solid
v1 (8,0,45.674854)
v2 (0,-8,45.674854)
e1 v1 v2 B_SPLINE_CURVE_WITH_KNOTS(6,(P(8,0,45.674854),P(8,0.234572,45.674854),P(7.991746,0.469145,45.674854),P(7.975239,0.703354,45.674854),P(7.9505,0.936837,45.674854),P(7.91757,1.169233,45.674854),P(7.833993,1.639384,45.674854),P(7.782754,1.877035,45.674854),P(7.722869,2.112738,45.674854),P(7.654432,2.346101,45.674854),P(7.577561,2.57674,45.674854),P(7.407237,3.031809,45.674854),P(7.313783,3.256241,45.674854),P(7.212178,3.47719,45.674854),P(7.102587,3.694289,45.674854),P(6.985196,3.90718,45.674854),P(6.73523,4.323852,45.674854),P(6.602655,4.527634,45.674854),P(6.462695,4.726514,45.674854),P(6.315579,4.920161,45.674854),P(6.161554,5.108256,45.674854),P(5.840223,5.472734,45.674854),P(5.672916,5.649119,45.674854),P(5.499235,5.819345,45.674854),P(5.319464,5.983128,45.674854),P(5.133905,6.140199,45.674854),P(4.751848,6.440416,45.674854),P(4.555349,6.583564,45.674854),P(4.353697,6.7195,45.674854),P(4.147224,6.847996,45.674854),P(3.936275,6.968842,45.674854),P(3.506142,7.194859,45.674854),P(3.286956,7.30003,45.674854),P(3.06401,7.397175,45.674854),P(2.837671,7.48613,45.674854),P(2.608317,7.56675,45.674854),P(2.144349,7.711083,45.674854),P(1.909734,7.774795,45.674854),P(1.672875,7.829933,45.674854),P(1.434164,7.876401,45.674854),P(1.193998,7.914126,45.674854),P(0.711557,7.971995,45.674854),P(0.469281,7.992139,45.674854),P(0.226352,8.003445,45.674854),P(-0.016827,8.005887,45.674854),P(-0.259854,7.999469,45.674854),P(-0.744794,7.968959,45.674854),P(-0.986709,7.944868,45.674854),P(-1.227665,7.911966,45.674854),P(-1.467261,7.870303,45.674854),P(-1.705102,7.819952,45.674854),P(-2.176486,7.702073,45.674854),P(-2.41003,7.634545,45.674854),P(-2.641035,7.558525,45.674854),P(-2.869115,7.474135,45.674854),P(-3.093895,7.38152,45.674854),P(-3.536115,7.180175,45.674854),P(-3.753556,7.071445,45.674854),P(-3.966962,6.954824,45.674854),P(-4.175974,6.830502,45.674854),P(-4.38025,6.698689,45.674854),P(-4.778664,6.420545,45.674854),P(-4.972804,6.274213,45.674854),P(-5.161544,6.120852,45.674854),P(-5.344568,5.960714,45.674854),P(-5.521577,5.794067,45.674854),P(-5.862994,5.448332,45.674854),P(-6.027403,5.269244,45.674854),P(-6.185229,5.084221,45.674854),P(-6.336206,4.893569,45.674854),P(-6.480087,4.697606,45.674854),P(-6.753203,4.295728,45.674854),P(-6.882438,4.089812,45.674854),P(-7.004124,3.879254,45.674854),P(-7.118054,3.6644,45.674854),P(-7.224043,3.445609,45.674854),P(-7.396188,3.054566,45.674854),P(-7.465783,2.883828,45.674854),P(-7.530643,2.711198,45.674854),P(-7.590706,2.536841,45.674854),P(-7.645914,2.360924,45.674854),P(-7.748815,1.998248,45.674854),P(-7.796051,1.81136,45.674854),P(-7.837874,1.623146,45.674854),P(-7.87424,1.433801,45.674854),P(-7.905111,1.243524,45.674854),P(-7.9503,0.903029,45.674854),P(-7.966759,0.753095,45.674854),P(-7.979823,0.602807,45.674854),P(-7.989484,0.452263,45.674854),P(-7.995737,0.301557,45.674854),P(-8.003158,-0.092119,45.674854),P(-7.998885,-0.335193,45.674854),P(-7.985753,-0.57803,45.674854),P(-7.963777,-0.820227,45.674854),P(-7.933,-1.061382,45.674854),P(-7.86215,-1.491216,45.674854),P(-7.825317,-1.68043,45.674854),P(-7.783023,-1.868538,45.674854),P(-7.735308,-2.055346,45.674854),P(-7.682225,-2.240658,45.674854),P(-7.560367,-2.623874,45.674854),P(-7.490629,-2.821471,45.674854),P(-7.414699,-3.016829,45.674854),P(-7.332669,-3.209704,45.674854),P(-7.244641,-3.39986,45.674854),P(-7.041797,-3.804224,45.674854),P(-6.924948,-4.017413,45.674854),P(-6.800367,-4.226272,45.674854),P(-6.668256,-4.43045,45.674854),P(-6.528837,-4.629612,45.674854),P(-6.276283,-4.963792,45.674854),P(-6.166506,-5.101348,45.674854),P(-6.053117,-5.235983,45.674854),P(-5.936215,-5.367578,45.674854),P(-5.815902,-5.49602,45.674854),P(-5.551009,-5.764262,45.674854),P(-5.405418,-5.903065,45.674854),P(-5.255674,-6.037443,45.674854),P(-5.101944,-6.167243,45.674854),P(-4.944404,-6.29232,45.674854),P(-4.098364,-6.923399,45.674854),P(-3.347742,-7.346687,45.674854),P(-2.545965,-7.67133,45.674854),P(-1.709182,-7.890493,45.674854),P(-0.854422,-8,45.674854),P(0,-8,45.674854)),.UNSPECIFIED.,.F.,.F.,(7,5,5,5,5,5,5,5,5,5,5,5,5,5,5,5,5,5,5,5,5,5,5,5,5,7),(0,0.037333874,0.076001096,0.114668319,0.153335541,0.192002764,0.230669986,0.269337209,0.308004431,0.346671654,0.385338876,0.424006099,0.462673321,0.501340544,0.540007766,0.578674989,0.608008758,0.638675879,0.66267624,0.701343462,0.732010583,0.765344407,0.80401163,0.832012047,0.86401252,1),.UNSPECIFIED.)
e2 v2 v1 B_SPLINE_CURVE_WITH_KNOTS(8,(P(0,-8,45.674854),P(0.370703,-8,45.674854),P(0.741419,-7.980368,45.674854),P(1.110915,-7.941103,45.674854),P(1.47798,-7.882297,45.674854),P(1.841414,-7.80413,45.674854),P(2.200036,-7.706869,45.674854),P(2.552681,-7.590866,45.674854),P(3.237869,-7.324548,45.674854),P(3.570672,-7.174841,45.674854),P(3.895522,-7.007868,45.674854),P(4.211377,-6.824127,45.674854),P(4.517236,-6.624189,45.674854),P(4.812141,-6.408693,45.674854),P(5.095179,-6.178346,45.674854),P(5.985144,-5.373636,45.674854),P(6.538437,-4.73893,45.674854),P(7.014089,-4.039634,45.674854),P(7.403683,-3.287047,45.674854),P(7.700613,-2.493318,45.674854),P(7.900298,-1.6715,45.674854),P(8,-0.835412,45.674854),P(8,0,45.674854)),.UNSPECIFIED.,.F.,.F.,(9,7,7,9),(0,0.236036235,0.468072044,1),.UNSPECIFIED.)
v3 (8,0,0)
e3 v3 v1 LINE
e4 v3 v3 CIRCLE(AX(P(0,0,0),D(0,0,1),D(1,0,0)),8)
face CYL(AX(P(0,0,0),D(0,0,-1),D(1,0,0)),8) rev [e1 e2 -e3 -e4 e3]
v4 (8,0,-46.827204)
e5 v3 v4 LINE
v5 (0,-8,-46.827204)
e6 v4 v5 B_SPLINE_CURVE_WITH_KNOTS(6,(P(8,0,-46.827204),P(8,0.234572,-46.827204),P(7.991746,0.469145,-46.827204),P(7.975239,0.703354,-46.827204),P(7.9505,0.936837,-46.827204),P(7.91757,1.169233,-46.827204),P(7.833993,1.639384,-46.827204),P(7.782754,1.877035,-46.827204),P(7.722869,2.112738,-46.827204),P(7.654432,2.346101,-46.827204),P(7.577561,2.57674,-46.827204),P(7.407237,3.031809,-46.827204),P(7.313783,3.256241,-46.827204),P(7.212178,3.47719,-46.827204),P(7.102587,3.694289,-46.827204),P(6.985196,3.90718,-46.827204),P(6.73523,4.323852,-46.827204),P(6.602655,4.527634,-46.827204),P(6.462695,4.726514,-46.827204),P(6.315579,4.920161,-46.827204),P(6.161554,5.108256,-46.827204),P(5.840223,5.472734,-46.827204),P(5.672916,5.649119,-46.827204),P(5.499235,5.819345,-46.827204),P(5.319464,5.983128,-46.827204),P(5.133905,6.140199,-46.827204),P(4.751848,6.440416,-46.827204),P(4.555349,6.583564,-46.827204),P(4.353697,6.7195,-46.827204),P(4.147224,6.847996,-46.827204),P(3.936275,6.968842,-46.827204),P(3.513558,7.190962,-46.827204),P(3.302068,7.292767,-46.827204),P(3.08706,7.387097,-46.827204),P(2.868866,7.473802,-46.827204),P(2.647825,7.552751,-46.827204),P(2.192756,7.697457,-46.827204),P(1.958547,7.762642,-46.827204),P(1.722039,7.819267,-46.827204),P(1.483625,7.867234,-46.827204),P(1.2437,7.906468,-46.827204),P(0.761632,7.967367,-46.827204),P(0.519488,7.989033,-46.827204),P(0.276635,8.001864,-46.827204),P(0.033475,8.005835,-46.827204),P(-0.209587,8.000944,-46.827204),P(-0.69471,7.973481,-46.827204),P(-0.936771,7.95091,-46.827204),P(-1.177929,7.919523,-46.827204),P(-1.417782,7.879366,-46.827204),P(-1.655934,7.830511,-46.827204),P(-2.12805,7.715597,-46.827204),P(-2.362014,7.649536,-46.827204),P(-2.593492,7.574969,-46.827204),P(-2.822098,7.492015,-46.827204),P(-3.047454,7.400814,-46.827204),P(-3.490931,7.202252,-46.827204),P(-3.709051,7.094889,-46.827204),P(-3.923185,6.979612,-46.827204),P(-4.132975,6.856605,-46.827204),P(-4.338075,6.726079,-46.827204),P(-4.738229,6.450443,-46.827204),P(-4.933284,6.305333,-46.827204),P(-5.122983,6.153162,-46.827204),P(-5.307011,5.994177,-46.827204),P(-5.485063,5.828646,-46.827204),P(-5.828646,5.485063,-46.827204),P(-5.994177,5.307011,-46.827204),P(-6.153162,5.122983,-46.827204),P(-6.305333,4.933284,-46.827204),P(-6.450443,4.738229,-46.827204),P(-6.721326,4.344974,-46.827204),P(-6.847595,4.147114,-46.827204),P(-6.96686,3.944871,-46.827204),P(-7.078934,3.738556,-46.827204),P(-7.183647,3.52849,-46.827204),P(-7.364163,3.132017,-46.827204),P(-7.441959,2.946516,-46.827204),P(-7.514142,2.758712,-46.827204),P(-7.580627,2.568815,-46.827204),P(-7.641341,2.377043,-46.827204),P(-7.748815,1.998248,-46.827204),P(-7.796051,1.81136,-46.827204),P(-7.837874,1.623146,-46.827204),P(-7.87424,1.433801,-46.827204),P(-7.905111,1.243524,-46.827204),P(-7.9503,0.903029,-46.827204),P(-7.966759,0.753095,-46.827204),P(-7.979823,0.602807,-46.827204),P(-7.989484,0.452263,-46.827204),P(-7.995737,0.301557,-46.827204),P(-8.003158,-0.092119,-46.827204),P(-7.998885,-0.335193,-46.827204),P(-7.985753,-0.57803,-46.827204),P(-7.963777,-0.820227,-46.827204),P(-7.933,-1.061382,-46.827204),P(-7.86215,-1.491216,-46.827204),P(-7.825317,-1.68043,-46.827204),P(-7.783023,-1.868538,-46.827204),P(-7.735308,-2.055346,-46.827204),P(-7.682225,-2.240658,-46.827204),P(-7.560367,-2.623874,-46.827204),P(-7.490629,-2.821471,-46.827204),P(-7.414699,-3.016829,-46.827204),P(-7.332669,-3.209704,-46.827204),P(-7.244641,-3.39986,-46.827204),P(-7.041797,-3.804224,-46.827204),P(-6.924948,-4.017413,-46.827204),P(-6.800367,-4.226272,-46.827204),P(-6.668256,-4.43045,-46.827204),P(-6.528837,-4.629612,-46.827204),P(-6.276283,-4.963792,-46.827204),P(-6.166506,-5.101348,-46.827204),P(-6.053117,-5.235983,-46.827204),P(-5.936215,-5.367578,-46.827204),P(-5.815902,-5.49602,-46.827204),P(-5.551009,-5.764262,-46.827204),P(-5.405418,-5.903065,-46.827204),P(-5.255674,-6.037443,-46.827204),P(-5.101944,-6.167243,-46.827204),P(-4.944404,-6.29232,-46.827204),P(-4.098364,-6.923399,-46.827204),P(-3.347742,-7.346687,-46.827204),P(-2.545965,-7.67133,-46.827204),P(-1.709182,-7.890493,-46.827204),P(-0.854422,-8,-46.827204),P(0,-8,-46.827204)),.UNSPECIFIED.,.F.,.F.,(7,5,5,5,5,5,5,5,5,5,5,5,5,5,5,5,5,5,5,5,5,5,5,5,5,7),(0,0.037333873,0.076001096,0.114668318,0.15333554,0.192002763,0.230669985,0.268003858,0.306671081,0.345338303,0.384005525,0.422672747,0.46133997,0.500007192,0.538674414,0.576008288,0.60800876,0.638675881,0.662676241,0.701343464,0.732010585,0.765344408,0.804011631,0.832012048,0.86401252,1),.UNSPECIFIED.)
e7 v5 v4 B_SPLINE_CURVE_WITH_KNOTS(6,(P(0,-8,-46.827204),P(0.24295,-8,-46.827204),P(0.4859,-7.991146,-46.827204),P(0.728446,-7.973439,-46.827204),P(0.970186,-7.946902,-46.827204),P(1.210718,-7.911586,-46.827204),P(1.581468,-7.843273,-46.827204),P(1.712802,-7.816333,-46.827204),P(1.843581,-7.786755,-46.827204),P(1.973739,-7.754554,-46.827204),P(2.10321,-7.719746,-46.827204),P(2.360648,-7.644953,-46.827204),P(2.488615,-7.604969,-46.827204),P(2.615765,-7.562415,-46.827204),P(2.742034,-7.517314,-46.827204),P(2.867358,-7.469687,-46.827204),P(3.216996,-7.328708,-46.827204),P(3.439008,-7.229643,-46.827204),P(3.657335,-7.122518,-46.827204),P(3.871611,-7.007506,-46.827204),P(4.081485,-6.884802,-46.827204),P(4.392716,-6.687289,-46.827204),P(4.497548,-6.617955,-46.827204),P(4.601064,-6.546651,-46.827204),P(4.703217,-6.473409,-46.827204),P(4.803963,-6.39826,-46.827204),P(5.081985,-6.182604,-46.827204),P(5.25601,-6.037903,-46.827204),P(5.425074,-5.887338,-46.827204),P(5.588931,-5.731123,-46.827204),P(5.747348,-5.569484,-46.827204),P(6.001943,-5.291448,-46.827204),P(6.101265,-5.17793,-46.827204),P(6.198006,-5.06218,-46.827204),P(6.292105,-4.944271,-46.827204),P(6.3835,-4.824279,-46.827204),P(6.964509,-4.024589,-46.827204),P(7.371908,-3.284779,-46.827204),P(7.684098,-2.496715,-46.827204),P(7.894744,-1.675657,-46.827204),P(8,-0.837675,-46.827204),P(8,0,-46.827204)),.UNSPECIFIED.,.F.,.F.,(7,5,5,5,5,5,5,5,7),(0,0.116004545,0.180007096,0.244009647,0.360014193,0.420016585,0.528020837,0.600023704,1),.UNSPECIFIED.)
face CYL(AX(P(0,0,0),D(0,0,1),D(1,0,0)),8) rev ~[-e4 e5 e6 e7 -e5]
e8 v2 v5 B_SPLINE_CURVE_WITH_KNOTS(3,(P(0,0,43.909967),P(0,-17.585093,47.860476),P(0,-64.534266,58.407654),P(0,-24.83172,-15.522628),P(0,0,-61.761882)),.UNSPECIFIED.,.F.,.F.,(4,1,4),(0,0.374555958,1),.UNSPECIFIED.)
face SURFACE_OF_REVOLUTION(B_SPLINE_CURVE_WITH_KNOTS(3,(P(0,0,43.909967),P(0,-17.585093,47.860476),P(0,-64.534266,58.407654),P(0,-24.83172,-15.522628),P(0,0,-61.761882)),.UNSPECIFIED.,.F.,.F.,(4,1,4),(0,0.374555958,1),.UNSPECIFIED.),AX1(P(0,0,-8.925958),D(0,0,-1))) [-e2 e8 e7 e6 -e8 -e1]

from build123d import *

# Parameters (mm, degrees)
F2_R          = 8
F3_DEPTH      = 61.7628822561
F3_DEPTH_BACK = 48.4726215019


with BuildPart() as f1:
    # F0 (on Right) → F1 (revolve)
    with BuildSketch(Plane.YZ):
        with BuildLine():
            Line((0, -61.7618821561), (0, 43.9099669456))
            add(Edge.make_bspline(
                [(0, 43.9099669456), (-17.5850925134, 47.8604755881), (-64.5342656303, 58.4076543426), (-24.8317203798, -15.5226277173), (0, -61.7618821561)],
                knots=[0, 0, 0, 0, 0.374555958, 1, 1, 1, 1], degree=3))
        make_face()
    revolve(axis=Axis((0, 0, -8.9259576052), (0, 0, -1)))

    # F2 (on Top) → F3 (cut, two sides)
    with BuildSketch(Plane.XY) as f3_sk:
        Circle(F2_R)
    extrude(amount=-F3_DEPTH, mode=Mode.SUBTRACT)
    extrude(f3_sk.sketch, amount=F3_DEPTH_BACK, mode=Mode.SUBTRACT)


solid = f1.part
